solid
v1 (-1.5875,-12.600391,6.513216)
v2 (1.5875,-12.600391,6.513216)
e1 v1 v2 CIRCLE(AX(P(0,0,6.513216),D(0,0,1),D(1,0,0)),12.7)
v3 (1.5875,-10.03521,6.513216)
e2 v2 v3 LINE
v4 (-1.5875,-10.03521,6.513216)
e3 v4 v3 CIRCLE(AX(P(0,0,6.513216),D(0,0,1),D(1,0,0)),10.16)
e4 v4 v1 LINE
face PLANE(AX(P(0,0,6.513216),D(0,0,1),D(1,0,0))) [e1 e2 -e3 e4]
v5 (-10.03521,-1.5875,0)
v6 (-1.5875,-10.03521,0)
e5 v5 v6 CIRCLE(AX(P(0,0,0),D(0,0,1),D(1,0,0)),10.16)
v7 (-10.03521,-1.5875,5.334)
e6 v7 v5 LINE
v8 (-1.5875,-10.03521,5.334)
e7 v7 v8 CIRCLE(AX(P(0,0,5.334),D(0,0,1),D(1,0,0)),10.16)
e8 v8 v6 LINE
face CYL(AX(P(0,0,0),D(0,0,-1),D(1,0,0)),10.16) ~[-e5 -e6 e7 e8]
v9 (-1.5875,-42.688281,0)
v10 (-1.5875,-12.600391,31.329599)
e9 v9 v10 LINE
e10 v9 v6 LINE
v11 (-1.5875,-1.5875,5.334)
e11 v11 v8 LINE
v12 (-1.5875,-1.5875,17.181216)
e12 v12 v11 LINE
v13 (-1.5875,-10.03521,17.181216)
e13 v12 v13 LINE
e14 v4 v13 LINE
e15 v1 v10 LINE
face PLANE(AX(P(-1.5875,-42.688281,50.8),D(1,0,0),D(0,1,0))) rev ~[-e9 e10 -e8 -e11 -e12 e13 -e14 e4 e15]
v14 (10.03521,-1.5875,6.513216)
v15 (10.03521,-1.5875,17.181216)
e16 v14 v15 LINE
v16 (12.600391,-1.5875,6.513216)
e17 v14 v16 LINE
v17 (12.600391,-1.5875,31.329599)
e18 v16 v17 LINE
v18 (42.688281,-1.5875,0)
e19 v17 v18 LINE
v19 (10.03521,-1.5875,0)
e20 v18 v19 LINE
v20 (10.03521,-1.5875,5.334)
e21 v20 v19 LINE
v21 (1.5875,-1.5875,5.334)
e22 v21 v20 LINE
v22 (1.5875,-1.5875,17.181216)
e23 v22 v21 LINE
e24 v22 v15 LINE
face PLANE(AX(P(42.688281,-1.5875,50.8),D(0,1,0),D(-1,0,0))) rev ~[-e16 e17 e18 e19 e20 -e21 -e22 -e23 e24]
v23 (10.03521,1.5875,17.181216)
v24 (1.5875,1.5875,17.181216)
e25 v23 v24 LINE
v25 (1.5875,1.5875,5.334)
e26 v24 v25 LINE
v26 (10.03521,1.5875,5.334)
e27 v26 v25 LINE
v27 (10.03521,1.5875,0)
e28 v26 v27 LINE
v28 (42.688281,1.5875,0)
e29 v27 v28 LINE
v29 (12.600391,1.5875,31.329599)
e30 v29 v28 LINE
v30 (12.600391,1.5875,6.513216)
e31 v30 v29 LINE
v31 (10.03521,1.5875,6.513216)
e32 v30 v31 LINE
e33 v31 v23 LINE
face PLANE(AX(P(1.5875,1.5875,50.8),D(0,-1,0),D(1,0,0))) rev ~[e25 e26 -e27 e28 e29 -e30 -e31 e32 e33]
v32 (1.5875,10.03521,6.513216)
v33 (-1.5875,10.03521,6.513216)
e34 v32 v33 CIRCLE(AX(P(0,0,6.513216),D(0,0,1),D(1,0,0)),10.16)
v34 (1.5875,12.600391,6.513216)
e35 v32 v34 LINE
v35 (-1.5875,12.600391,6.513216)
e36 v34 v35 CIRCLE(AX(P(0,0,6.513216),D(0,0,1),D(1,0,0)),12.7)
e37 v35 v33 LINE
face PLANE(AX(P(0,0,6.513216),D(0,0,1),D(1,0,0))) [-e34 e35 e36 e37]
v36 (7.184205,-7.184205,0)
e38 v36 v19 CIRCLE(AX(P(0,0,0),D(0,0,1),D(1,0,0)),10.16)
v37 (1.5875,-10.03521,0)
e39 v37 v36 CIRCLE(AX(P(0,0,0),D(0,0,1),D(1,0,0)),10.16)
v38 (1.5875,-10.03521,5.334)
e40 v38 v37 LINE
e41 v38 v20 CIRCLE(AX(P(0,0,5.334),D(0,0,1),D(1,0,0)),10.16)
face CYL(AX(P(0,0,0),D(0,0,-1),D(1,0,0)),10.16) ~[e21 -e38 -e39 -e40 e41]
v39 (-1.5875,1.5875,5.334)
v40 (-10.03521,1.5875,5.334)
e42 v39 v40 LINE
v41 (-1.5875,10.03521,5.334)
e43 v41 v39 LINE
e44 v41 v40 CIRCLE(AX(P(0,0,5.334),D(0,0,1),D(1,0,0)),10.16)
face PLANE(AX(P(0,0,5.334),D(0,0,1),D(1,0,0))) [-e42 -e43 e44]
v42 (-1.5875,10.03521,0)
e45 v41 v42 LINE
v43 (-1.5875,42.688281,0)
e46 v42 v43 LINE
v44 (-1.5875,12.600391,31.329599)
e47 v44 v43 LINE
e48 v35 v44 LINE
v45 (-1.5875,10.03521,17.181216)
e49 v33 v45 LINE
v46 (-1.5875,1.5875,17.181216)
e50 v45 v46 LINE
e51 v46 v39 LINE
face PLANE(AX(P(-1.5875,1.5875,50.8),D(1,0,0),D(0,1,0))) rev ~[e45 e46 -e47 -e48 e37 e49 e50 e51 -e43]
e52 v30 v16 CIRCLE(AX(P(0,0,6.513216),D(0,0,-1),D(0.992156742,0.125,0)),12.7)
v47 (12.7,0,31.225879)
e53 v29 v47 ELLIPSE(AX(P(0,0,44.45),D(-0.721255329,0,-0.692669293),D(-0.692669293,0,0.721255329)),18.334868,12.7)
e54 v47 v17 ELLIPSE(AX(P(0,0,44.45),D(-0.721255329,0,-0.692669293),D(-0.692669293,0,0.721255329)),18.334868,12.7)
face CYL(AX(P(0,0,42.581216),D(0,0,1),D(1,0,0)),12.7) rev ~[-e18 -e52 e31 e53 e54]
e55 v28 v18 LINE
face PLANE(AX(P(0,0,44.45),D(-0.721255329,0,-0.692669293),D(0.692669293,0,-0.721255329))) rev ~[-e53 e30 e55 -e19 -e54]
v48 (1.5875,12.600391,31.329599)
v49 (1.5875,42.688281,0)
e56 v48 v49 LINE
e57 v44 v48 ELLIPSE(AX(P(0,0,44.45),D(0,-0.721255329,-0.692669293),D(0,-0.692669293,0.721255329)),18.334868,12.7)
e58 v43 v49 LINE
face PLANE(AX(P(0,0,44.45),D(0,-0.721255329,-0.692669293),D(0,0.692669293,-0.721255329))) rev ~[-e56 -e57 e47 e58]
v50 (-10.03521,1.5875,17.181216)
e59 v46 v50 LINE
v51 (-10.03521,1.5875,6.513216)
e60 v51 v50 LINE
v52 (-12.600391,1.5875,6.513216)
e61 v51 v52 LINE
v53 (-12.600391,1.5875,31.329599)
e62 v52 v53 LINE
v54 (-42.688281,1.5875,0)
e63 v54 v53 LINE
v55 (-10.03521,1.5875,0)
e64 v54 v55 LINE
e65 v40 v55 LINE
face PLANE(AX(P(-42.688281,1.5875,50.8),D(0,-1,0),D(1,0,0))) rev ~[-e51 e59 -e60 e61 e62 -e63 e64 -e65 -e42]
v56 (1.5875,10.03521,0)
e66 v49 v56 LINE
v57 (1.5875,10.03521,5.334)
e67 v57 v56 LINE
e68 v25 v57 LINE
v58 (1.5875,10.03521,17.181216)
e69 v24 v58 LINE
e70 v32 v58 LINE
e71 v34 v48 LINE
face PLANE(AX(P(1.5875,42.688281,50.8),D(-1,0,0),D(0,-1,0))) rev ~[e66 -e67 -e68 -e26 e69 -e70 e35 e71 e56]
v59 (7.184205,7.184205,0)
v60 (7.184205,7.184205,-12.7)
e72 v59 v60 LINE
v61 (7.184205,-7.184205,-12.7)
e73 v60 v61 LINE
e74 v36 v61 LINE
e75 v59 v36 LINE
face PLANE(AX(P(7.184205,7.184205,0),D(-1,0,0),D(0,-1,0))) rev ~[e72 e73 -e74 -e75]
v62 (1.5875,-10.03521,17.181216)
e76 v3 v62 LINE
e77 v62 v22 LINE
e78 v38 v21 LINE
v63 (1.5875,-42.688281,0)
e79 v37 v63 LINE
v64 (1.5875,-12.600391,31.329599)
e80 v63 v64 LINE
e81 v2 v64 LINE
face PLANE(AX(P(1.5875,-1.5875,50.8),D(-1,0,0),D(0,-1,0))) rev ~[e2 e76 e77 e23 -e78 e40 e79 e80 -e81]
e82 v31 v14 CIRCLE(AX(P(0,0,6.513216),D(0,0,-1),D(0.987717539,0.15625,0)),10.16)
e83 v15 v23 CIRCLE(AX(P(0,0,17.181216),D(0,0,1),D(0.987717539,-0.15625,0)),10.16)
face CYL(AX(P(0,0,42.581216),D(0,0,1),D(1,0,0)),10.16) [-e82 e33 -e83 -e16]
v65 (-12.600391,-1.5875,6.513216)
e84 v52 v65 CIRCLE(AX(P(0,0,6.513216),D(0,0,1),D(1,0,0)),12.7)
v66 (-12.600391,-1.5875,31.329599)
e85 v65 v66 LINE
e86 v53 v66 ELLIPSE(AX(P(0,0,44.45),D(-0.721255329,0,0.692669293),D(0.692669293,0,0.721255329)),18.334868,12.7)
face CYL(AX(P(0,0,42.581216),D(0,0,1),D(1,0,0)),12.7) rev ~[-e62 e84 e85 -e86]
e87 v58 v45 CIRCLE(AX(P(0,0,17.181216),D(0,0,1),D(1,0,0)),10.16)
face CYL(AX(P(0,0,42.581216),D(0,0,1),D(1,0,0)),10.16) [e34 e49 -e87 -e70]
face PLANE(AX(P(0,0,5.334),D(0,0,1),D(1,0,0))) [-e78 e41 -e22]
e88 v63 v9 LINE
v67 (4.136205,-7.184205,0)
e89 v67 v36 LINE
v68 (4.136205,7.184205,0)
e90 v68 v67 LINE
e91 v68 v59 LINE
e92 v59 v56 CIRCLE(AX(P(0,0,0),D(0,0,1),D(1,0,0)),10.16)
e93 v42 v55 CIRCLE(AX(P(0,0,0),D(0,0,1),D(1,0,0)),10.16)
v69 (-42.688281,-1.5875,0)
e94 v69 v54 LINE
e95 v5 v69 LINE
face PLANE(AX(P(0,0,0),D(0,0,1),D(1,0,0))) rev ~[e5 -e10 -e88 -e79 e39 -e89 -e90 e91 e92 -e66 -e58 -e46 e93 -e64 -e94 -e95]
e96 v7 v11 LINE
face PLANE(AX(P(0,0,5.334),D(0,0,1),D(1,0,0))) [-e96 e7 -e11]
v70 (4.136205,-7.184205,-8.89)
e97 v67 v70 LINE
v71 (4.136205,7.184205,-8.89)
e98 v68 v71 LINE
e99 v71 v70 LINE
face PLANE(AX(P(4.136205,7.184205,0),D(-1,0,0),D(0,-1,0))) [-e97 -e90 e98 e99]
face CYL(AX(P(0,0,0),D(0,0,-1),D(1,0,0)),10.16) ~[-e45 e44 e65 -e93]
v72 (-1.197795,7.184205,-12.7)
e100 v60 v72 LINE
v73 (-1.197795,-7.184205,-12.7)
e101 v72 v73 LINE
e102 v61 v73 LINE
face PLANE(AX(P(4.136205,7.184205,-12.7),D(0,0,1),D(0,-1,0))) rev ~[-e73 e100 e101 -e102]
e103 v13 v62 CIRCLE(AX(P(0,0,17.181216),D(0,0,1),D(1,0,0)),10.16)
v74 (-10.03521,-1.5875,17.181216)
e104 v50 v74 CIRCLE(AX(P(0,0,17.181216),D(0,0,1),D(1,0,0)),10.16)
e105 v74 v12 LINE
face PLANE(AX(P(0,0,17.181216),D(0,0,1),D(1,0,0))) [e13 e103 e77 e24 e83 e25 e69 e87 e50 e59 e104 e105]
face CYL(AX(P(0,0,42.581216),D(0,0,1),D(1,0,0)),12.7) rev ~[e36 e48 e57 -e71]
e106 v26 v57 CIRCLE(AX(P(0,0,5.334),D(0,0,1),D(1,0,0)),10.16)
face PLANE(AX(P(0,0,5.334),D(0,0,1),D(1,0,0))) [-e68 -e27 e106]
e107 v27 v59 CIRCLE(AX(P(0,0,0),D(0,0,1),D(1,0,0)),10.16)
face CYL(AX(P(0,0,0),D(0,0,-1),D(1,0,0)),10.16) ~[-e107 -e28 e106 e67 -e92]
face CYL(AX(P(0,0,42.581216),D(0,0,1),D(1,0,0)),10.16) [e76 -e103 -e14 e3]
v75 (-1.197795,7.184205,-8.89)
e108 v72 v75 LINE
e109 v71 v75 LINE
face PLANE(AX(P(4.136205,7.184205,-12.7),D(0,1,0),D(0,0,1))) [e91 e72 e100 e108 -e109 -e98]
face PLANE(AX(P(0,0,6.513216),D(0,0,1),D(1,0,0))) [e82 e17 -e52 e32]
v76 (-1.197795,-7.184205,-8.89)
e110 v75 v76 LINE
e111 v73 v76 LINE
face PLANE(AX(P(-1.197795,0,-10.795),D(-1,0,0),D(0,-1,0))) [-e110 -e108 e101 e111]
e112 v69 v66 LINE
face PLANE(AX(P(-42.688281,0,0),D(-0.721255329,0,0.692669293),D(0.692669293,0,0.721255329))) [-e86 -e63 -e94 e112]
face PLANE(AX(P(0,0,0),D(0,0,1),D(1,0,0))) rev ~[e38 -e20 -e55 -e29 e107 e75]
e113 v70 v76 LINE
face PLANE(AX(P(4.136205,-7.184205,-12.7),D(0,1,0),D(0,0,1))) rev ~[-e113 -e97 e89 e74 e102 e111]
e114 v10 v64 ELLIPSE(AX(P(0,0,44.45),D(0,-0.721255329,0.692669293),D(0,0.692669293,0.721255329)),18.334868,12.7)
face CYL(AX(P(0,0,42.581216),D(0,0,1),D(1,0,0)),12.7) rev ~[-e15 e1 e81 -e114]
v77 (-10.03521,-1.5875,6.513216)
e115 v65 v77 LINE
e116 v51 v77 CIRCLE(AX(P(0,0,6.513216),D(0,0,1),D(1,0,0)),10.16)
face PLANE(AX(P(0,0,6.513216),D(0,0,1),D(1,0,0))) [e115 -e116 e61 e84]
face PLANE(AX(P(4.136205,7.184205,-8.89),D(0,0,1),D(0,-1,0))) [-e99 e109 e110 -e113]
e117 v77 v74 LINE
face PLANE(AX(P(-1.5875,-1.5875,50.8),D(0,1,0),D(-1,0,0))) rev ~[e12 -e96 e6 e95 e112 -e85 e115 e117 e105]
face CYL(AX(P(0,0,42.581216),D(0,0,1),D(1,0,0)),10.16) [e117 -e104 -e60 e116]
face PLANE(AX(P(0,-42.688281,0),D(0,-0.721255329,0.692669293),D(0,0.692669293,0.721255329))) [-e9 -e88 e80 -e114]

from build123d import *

# Parameters (mm, degrees)
F0_W          = 101.6
F0_H          = 101.6
F1_DEPTH      = 50.8
F3_DEPTH      = 50.801
F5_DEPTH      = 42.6892808993
F5_DEPTH_BACK = 42.6892808993
F7_DEPTH      = 42.6892808993
F7_DEPTH_BACK = 42.6892808993
F9_DEPTH      = 25.4
F9_DEPTH_BACK = 25.4
F10_R         = 12.7
F10_R_2       = 10.16
F11_DEPTH     = 36.068
F12_R         = 10.16
F13_DEPTH     = 25.4
F14_R         = 10.16
F15_DEPTH     = 5.334
F16_W         = 3.048
F16_H         = 14.3684097937
F17_DEPTH     = 12.7
F18_W         = 14.3684097937
F18_H         = 3.81
F19_DEPTH     = 5.334


with BuildPart() as f1:
    # F0 (on Top) → F1 (new body)
    with BuildSketch(Plane.XY):
        Rectangle(F0_W, F0_H)
    extrude(amount=F1_DEPTH)

    # F2 (on face) → F3 (cut, through all)
    with BuildSketch(Plane.XY.offset(50.8)):
        Polygon((-1.5875, 50.8), (-50.8, 50.8), (-50.8, 1.5875), (-50.8, -1.5875), (-50.8, -50.8), (-1.5875, -50.8), (1.5875, -50.8), (50.8, -50.8), (50.8, -1.5875), (50.8, 1.5875), (50.8, 50.8), (1.5875, 50.8), align=None)
        Polygon((-42.6882808993, -1.5875), (-42.6882808993, 1.5875), (-1.5875, 1.5875), (-1.5875, 42.6882808993), (1.5875, 42.6882808993), (1.5875, 1.5875), (42.6882808993, 1.5875), (42.6882808993, -1.5875), (1.5875, -1.5875), (1.5875, -42.6882808993), (-1.5875, -42.6882808993), (-1.5875, -1.5875), align=None, mode=Mode.SUBTRACT)
    extrude(amount=-F3_DEPTH, mode=Mode.SUBTRACT)

    # F4 (on Front) → F5 (cut, two sides)
    with BuildSketch(Plane.XZ) as f5_sk:
        Polygon((0, 44.45), (42.6882808993, 0), (42.6882808993, 50.8), (-42.6882808993, 50.8), (-42.6882808993, 0), align=None)
    extrude(amount=-F5_DEPTH, mode=Mode.SUBTRACT)
    extrude(f5_sk.sketch, amount=F5_DEPTH_BACK, mode=Mode.SUBTRACT)

    # F6 (on Right) → F7 (cut, two sides)
    with BuildSketch(Plane.YZ) as f7_sk:
        Polygon((-42.6882808993, 50.8), (-42.6882808993, 0), (0, 44.45), (42.6882808993, 0), (42.6882808993, 50.8), align=None)
    extrude(amount=-F7_DEPTH, mode=Mode.SUBTRACT)
    extrude(f7_sk.sketch, amount=F7_DEPTH_BACK, mode=Mode.SUBTRACT)

    # F8 (on Front) → F9 (cut, two sides)
    with BuildSketch(Plane.XZ) as f9_sk:
        Polygon((0, 64.3248185515), (-9.6034230664, 42.5812155008), (15.0393228978, 42.5812155008), align=None)
    extrude(amount=-F9_DEPTH, mode=Mode.SUBTRACT)
    extrude(f9_sk.sketch, amount=F9_DEPTH_BACK, mode=Mode.SUBTRACT)

    # F10 (on face) → F11 (cut)
    with BuildSketch(Plane.XY.offset(42.5812155008)):
        Circle(F10_R)
        Circle(F10_R_2, mode=Mode.SUBTRACT)
    extrude(amount=-F11_DEPTH, mode=Mode.SUBTRACT)

    # F12 (on face) → F13 (cut)
    with BuildSketch(Plane.XY.offset(42.5812155008)):
        Circle(F12_R)
    extrude(amount=-F13_DEPTH, mode=Mode.SUBTRACT)

    # F14 (on Top) → F15 (join)
    with BuildSketch(Plane.XY):
        Circle(F14_R)
    extrude(amount=F15_DEPTH)

    # F16 (on face) → F17 (join)
    with BuildSketch(Plane(origin=(0, 0, 0), x_dir=(1, 0, 0), z_dir=(0, 0, -1))):
        with Locations((5.6602048969, 0)):
            Rectangle(F16_W, F16_H)
    extrude(amount=F17_DEPTH)

    # F18 (on face) → F19 (join)
    with BuildSketch(Plane(origin=(4.1362048969, 0, 0), x_dir=(0, -1, 0), z_dir=(-1, 0, 0))):
        with Locations((0, -10.795)):
            Rectangle(F18_W, F18_H)
    extrude(amount=F19_DEPTH)


solid = f1.part
